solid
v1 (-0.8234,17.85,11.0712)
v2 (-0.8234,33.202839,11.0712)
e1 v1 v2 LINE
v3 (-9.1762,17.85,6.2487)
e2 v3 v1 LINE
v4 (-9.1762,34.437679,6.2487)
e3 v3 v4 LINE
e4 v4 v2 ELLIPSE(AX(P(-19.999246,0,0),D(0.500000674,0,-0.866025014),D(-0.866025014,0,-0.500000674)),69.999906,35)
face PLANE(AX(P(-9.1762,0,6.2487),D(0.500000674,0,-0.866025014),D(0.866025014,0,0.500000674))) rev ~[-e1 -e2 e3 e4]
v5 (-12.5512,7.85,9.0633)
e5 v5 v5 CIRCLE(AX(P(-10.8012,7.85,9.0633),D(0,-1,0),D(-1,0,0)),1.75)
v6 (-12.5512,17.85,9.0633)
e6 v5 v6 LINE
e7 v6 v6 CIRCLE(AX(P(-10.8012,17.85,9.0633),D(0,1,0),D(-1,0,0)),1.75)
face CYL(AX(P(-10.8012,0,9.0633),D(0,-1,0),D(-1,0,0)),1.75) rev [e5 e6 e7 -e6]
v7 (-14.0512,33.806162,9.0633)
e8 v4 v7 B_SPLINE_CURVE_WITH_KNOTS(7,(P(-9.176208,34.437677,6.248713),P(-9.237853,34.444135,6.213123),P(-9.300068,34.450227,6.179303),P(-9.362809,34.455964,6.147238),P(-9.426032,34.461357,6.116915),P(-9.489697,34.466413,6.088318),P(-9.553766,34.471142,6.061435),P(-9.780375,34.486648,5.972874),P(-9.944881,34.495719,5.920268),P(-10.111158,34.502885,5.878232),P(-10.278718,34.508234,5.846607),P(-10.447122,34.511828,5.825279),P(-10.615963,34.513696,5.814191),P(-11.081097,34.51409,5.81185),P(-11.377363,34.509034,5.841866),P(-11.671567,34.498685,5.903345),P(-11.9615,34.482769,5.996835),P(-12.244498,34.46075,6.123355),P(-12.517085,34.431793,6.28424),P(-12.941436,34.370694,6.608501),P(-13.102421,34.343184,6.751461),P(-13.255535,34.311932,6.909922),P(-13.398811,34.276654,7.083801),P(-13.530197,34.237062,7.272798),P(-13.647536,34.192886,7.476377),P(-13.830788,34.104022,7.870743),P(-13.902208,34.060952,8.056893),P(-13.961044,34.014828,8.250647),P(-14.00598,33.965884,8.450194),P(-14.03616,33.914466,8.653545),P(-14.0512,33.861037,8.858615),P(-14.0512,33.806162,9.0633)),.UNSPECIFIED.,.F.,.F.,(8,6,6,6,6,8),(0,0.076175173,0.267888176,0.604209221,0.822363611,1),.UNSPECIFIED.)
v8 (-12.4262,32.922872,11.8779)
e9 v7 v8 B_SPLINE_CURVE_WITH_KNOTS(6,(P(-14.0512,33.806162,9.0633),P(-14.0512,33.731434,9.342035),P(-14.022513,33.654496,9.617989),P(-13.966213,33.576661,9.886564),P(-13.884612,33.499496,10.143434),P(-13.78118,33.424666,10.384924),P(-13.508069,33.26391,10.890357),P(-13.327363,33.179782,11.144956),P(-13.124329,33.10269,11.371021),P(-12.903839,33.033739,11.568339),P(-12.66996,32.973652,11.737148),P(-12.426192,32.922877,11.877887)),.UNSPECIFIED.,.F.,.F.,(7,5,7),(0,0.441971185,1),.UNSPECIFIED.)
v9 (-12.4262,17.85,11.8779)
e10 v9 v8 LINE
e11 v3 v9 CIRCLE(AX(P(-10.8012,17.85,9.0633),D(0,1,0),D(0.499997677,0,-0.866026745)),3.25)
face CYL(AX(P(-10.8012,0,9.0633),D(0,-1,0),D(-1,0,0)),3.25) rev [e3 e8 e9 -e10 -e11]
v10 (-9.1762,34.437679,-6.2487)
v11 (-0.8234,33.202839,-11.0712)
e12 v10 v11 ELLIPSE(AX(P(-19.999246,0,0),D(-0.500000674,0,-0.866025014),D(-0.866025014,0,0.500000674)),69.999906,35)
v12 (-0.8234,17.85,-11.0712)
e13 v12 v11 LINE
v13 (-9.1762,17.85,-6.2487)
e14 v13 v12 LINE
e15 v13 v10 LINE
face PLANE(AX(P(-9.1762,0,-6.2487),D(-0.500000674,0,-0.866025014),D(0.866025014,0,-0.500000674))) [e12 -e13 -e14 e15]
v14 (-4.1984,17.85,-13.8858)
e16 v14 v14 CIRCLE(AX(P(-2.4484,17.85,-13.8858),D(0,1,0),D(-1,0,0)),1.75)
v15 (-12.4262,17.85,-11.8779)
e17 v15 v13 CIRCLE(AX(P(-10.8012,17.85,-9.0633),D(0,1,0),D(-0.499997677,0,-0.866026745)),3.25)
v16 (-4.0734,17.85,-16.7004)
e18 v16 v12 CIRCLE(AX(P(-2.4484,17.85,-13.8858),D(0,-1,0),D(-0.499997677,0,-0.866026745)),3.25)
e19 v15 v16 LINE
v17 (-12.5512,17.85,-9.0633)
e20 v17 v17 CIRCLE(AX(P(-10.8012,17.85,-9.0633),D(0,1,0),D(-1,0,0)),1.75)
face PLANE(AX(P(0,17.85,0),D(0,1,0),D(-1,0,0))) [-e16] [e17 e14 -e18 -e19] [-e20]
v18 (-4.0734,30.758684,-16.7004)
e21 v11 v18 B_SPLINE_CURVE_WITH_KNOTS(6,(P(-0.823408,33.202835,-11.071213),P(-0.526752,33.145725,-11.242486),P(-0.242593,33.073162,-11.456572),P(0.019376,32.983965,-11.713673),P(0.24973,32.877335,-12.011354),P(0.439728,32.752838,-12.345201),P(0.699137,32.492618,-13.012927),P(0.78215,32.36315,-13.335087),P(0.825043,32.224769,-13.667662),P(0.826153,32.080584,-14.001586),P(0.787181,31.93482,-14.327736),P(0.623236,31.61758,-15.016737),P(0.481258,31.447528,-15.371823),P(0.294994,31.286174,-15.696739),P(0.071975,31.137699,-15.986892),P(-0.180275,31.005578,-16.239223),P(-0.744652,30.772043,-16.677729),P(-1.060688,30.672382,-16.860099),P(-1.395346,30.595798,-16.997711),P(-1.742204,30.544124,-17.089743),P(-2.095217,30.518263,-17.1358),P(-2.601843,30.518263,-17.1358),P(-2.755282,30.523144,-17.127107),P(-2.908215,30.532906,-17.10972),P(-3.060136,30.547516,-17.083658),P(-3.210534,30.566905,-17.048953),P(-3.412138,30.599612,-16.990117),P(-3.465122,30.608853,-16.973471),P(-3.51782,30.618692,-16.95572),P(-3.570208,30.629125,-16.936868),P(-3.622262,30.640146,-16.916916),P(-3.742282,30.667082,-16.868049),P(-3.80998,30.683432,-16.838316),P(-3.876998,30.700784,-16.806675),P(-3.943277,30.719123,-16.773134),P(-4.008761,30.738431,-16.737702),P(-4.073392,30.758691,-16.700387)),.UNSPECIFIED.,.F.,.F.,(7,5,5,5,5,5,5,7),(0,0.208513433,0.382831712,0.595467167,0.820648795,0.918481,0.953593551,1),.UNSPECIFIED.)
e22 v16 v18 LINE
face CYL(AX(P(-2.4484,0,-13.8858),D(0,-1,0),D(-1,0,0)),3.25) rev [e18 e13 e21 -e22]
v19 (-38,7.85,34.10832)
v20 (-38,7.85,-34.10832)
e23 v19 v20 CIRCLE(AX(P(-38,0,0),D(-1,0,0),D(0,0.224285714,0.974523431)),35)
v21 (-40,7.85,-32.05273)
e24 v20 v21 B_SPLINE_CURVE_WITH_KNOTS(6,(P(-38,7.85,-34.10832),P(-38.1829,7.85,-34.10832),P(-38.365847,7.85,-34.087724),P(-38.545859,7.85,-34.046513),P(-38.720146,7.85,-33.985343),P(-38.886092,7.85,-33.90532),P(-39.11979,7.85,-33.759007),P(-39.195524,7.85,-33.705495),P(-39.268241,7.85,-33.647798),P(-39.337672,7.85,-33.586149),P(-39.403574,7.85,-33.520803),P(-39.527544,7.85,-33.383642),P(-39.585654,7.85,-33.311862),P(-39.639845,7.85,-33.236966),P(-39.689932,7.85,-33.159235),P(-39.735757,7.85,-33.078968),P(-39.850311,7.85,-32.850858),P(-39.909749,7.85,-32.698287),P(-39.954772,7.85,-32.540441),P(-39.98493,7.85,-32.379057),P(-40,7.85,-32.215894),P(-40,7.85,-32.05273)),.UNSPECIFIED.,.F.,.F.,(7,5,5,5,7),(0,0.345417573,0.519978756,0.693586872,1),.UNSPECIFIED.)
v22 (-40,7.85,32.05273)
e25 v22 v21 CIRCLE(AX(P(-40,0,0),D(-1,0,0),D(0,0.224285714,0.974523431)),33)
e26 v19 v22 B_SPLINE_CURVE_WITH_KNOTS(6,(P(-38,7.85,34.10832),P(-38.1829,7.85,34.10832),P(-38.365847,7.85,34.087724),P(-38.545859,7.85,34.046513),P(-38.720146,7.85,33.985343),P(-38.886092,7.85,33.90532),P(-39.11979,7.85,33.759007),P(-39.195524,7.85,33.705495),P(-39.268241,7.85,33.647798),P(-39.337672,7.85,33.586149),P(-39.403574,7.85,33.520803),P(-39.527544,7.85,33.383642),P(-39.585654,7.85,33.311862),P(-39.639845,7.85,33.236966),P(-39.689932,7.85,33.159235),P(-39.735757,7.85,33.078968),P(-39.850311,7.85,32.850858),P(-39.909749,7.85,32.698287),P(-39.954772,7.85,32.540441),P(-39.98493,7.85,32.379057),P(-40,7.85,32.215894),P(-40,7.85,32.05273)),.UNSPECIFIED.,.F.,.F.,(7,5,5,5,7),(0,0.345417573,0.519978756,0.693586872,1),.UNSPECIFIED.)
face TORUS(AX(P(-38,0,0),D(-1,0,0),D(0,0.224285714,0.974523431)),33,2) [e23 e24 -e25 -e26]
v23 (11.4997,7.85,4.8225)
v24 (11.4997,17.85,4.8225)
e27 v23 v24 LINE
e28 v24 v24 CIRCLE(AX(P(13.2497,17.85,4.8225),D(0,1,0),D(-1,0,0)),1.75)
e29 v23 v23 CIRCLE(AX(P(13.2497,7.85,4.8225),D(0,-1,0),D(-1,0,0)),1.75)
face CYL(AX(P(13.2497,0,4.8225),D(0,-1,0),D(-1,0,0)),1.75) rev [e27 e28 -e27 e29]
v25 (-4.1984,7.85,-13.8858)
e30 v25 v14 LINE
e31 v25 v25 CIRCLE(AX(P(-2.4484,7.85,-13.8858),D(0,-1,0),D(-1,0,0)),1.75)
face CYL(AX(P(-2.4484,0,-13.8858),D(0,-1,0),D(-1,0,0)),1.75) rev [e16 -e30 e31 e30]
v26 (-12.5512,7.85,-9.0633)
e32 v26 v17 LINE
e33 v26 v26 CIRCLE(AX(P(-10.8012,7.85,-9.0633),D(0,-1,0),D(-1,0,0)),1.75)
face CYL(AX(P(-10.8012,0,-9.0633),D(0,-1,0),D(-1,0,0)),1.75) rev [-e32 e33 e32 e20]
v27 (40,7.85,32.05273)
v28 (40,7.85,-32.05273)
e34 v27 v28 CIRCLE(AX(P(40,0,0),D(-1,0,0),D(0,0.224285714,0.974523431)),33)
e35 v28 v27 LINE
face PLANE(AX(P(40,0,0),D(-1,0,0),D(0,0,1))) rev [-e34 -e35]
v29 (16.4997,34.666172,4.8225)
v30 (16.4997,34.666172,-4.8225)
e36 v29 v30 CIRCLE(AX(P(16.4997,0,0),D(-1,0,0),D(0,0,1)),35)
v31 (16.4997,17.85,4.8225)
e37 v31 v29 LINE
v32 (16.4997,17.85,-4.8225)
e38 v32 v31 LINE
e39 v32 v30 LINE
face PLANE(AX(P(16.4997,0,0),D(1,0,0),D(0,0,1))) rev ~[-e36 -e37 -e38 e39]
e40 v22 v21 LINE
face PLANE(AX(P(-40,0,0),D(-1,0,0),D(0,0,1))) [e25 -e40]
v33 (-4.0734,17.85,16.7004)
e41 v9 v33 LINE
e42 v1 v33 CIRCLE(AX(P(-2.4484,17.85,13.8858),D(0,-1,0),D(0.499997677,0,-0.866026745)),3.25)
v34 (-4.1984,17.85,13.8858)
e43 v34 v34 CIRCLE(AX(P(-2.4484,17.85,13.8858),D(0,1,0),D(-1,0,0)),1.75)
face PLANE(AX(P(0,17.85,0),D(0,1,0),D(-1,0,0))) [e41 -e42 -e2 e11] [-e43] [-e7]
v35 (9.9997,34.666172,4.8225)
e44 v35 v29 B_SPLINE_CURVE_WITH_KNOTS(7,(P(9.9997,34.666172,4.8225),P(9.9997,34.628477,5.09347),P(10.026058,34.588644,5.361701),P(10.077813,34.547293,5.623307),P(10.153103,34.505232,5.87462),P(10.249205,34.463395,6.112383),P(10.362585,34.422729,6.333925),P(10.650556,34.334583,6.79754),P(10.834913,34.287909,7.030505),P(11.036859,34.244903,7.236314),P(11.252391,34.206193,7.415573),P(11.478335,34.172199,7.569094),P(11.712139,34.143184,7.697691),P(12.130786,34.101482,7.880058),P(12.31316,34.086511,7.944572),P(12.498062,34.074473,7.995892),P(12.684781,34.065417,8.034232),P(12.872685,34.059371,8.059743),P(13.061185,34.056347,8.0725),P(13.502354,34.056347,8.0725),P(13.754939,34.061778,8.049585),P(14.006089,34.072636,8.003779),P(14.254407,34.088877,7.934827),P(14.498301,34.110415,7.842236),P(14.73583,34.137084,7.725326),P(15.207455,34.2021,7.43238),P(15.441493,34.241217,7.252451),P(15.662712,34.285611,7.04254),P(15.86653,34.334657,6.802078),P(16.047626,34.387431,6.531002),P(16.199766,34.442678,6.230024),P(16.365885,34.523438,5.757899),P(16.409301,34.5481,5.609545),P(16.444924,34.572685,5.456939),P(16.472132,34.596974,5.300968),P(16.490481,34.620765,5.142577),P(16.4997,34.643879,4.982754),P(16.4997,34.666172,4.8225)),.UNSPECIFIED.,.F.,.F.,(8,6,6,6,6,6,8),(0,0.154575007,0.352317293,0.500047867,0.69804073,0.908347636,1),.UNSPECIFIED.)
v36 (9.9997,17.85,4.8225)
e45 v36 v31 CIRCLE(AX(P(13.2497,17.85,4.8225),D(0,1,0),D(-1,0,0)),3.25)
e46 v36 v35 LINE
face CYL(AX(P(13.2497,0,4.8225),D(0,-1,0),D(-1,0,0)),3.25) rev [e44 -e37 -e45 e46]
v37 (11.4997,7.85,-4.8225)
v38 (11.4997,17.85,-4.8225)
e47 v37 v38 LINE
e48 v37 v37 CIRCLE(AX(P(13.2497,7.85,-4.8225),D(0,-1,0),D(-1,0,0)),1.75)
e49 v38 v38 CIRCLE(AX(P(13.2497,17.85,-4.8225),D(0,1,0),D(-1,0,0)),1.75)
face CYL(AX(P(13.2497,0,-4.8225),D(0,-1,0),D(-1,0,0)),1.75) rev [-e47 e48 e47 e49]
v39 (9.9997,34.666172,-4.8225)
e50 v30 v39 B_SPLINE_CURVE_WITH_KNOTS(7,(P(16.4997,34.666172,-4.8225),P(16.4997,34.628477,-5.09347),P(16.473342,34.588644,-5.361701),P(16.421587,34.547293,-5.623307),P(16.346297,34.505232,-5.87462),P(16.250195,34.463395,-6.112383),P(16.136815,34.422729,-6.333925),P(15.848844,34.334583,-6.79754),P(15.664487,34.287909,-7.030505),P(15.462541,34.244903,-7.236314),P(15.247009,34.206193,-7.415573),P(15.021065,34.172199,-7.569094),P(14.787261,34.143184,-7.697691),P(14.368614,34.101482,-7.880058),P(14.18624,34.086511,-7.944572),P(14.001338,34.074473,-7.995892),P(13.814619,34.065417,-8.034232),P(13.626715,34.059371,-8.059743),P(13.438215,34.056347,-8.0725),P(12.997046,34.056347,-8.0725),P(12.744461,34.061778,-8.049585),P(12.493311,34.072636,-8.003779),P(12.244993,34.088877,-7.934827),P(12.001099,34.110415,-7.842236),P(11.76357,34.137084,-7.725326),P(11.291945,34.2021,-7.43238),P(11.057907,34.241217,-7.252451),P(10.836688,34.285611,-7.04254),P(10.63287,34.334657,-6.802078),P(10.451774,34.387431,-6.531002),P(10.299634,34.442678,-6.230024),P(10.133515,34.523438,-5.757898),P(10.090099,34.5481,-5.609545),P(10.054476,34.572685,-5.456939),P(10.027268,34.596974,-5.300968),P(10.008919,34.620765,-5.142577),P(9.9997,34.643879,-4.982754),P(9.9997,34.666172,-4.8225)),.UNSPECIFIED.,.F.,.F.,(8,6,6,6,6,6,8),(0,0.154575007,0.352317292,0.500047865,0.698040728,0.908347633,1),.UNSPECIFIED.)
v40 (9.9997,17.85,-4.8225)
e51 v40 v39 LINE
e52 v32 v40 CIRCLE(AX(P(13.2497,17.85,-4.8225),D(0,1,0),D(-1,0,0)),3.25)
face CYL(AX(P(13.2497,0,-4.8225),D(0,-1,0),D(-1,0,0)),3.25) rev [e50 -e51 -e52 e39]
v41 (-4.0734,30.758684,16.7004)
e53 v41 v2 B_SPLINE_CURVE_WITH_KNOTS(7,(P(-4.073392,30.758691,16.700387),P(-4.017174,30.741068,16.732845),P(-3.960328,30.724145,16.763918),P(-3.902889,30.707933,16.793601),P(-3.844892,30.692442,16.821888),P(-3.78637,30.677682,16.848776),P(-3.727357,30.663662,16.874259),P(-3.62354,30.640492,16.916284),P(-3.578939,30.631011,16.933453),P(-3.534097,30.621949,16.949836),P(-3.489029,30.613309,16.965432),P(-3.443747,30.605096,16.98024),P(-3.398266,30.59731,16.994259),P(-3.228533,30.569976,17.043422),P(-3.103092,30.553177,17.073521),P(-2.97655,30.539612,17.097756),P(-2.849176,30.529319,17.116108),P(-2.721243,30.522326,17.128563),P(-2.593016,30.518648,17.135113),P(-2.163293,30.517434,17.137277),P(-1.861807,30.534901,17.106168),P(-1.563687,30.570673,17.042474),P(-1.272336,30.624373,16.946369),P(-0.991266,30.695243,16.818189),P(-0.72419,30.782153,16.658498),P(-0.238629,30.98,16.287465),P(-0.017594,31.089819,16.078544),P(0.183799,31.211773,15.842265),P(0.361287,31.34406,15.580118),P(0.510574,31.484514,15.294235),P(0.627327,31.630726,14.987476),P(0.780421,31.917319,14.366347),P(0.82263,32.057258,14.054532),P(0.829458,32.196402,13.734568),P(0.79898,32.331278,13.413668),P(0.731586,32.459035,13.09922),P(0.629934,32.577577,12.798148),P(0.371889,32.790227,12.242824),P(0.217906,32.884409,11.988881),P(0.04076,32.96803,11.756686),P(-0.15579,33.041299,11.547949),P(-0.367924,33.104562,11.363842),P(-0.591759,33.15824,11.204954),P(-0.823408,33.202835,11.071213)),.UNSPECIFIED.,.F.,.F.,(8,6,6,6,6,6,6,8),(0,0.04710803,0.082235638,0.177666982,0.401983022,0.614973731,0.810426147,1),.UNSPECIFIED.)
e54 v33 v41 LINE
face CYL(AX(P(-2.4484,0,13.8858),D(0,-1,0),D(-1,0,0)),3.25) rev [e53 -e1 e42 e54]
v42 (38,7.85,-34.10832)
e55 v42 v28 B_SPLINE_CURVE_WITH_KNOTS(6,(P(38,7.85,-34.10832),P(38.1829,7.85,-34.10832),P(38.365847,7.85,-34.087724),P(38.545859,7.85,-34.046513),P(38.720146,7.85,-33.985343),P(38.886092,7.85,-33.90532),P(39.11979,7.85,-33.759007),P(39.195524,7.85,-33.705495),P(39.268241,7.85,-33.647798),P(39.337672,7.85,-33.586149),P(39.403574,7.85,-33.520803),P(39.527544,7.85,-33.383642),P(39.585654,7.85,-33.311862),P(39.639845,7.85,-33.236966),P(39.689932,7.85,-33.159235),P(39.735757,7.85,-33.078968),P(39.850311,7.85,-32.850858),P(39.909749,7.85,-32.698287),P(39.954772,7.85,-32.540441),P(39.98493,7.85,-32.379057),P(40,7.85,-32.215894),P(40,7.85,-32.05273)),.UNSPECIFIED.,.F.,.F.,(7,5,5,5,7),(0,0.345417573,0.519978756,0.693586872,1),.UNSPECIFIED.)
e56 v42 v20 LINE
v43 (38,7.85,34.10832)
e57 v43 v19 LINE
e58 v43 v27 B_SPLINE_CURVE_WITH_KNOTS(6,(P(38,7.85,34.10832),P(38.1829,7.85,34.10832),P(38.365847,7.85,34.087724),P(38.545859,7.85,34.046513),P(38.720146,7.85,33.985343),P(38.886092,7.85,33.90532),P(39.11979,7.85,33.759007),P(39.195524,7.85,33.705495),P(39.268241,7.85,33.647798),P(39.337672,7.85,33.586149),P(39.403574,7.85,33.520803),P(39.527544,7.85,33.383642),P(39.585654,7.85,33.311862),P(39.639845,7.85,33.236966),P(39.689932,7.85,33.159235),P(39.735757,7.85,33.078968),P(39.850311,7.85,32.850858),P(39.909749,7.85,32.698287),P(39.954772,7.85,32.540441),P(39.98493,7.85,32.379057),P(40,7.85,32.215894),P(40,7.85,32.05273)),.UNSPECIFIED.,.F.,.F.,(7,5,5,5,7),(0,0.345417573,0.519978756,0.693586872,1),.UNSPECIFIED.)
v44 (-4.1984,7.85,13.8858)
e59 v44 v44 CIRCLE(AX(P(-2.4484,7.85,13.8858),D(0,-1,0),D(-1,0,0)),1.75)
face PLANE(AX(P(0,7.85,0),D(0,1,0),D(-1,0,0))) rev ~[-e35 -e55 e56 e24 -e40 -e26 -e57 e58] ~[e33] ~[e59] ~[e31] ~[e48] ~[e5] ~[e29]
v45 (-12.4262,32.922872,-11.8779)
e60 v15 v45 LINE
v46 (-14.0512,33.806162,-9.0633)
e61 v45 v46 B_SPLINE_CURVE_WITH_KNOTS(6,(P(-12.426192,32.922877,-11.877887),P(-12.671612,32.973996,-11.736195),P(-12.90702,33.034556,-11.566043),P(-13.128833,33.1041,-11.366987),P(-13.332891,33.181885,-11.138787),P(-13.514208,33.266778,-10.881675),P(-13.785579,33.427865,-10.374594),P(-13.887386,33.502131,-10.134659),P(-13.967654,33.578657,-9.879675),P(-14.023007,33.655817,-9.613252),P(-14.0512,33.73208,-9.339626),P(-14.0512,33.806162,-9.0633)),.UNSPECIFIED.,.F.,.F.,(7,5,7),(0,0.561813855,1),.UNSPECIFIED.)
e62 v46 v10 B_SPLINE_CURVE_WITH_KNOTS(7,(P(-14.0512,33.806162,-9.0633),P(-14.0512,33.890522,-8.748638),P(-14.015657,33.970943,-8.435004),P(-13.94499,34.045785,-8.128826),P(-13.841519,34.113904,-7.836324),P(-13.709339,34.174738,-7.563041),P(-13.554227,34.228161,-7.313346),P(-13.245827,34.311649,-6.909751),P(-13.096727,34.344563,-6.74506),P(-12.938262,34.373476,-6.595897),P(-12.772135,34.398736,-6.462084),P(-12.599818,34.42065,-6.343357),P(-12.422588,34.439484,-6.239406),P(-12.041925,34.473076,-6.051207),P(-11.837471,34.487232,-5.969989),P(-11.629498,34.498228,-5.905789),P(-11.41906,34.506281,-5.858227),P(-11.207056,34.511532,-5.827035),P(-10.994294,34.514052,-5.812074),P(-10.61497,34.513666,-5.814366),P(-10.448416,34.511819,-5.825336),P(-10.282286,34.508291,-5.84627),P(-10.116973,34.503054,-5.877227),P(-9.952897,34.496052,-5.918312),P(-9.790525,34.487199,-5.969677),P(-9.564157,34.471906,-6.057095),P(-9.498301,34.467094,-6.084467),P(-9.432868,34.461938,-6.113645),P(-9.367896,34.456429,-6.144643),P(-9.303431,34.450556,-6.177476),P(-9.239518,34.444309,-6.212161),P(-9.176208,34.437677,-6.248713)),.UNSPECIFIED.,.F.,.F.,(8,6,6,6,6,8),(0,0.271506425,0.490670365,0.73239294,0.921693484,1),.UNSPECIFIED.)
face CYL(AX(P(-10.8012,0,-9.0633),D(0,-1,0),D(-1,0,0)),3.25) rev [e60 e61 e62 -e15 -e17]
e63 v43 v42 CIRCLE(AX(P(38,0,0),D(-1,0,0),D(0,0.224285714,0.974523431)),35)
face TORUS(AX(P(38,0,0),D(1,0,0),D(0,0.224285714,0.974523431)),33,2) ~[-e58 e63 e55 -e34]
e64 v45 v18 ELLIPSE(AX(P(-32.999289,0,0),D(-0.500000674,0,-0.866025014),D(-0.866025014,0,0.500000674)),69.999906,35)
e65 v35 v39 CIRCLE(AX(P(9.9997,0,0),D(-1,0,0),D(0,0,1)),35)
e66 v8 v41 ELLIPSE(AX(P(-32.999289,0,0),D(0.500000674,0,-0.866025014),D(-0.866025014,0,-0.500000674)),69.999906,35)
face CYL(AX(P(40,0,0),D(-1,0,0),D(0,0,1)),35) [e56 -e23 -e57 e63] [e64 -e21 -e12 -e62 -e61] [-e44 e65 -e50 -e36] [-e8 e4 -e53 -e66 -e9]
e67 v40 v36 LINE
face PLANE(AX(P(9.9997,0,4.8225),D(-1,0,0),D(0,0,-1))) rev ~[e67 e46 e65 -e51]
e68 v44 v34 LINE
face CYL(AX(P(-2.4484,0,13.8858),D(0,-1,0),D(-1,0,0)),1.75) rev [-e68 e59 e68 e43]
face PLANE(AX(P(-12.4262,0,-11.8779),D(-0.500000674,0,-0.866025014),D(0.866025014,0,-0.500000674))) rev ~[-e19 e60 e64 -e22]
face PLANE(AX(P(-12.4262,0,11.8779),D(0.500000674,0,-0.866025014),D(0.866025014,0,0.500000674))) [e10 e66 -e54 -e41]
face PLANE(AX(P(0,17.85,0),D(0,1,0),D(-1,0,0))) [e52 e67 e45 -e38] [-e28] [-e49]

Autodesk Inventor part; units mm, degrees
ref_plane "YZ Plane" through (0, 0, 0) normal (1, 0, 0) x (0, 1, 0)
ref_plane "XZ Plane" through (0, 0, 0) normal (0, 1, 0) x (-1, 0, 0)
ref_plane "XY Plane" through (0, 0, 0) normal (0, 0, 1) x (1, 0, 0)
sketch "Szkic1" plane through (0, 0, 0) normal (0, 1, 0) x (-1, 0, 0)
  circle A0 centre (0, 0) radius 14.1 construction
  line L0 (0, 0) -> (-14.1, 0) construction
  circle A1 centre (0, 0) radius 22.5 construction
  circle A2 centre (-13.2497, 4.8225) radius 1.75
  circle A3 centre (-13.2497, -4.8225) radius 1.75
  circle A4 centre (2.4484, 13.8858) radius 1.75
  circle A5 centre (10.8012, 9.0633) radius 1.75
  circle A6 centre (10.8012, -9.0633) radius 1.75
  circle A7 centre (2.4484, -13.8858) radius 1.75
  circle A8 centre (0, 0) radius 35
  circle A9 centre (-13.2497, 4.8225) radius 3.25
  circle A10 centre (-13.2497, -4.8225) radius 3.25
  circle A11 centre (2.4484, -13.8858) radius 3.25
  circle A12 centre (10.8012, -9.0633) radius 3.25
  circle A13 centre (10.8012, 9.0633) radius 3.25
  circle A14 centre (2.4484, 13.8858) radius 3.25
  line L1 (12.4262, 11.8779) -> (4.0734, 16.7004)
  line L2 (9.1762, 6.2487) -> (0.8234, 11.0712)
  line L3 (-9.9997, 4.8225) -> (-9.9997, -4.8225)
  line L4 (12.4262, -11.8779) -> (4.0734, -16.7004)
  line L5 (9.1762, -6.2487) -> (0.8234, -11.0712)
  line L6 (-16.4997, -4.8225) -> (-16.4997, 4.8225)
  line L7 (-40, 35) -> (40, 35)
  line L8 (40, 35) -> (40, -35)
  line L9 (40, -35) -> (-40, -35)
  line L10 (-40, -35) -> (-40, 35)
  line L11 (-40, 35) -> (40, -35) construction
  line L12 (40, 35) -> (-40, -35) construction
  line L13 (0, -35) -> (0, 35)
  line L14 (40, 0) -> (-40, 0)
  line L15 (56, 0) -> (-56, 0) projected
  point P0 (0, -35)
  point P1 (0, 35)
  point P2 (35, 0)
  point P3 (-35, 0)
  dimension "d0" = 28.2
  dimension "d1" = 3.5
  dimension "d2" = 40
  dimension "d5" = 360
  dimension "d7" = 45
  dimension "d8" = 70
  dimension "d12" = 6.5
  dimension "d15" = 360
  dimension "d27" = 80
  dimension "d28" = 70
revolve "Obrót2" add sketch "Szkic1" angle 180 about axis through (-10, 0, 0) along (-1, 0, 0) contours A2 | A4 | A5 | L14 L13 A14 L2 A13 L1 A8 | A8 L7 L8 L14 | L13 A14 L14 L3 A9 L6 A8 | A8 L14 L10 L7 | L13 A14 | A14 L13 | L14 L6 A9 L3 | L1 A13 L2 A14 | A9 | A13
extrude "Wyciągnięcie proste1" cut sketch "Szkic1" along normal through all contours A2 | A3 | A4 | A5 | A6 | A7 | L13 A14 | A14 L13 | L13 A11 | A11 L13 | L14 L6 A9 L3 | L3 A10 L6 L14 | L1 A13 L2 A14 | A11 L5 A12 L4 | A9 | A10 | A13 | A12
extrude "Wyciągnięcie proste2" add sketch "Szkic1" along normal blind 17.85 contours L13 A14 | A14 L13 | L13 A11 | A11 L13 | L14 L6 A9 L3 | L3 A10 L6 L14 | L1 A13 L2 A14 | A11 L5 A12 L4 | A9 | A10 | A13 | A12
extrude "Wyciągnięcie proste3" cut sketch "Szkic1" along normal blind 7.85 contours A2 | A3 | A4 | A5 | A6 | A7 | L14 L13 A14 L2 A13 L1 A8 | L14 L8 L9 A8 | A8 L7 L8 L14 | A8 L13 A11 L4 A12 L5 L14 | L13 A14 L14 L3 A9 L6 A8 | A8 L14 L10 L7 | L9 L10 L14 A8 | A8 L14 L6 A10 L3 L13 A11 | L13 A14 | A14 L13 | L13 A11 | A11 L13 | L14 L6 A9 L3 | L3 A10 L6 L14 | L1 A13 L2 A14 | A11 L5 A12 L4 | A9 | A10 | A13 | A12
fillet "Zaokrąglenie1" radius 2 2 edges at (-40, 35, 0) (40, 35, 0)
properties part number "semicylinder_2"
